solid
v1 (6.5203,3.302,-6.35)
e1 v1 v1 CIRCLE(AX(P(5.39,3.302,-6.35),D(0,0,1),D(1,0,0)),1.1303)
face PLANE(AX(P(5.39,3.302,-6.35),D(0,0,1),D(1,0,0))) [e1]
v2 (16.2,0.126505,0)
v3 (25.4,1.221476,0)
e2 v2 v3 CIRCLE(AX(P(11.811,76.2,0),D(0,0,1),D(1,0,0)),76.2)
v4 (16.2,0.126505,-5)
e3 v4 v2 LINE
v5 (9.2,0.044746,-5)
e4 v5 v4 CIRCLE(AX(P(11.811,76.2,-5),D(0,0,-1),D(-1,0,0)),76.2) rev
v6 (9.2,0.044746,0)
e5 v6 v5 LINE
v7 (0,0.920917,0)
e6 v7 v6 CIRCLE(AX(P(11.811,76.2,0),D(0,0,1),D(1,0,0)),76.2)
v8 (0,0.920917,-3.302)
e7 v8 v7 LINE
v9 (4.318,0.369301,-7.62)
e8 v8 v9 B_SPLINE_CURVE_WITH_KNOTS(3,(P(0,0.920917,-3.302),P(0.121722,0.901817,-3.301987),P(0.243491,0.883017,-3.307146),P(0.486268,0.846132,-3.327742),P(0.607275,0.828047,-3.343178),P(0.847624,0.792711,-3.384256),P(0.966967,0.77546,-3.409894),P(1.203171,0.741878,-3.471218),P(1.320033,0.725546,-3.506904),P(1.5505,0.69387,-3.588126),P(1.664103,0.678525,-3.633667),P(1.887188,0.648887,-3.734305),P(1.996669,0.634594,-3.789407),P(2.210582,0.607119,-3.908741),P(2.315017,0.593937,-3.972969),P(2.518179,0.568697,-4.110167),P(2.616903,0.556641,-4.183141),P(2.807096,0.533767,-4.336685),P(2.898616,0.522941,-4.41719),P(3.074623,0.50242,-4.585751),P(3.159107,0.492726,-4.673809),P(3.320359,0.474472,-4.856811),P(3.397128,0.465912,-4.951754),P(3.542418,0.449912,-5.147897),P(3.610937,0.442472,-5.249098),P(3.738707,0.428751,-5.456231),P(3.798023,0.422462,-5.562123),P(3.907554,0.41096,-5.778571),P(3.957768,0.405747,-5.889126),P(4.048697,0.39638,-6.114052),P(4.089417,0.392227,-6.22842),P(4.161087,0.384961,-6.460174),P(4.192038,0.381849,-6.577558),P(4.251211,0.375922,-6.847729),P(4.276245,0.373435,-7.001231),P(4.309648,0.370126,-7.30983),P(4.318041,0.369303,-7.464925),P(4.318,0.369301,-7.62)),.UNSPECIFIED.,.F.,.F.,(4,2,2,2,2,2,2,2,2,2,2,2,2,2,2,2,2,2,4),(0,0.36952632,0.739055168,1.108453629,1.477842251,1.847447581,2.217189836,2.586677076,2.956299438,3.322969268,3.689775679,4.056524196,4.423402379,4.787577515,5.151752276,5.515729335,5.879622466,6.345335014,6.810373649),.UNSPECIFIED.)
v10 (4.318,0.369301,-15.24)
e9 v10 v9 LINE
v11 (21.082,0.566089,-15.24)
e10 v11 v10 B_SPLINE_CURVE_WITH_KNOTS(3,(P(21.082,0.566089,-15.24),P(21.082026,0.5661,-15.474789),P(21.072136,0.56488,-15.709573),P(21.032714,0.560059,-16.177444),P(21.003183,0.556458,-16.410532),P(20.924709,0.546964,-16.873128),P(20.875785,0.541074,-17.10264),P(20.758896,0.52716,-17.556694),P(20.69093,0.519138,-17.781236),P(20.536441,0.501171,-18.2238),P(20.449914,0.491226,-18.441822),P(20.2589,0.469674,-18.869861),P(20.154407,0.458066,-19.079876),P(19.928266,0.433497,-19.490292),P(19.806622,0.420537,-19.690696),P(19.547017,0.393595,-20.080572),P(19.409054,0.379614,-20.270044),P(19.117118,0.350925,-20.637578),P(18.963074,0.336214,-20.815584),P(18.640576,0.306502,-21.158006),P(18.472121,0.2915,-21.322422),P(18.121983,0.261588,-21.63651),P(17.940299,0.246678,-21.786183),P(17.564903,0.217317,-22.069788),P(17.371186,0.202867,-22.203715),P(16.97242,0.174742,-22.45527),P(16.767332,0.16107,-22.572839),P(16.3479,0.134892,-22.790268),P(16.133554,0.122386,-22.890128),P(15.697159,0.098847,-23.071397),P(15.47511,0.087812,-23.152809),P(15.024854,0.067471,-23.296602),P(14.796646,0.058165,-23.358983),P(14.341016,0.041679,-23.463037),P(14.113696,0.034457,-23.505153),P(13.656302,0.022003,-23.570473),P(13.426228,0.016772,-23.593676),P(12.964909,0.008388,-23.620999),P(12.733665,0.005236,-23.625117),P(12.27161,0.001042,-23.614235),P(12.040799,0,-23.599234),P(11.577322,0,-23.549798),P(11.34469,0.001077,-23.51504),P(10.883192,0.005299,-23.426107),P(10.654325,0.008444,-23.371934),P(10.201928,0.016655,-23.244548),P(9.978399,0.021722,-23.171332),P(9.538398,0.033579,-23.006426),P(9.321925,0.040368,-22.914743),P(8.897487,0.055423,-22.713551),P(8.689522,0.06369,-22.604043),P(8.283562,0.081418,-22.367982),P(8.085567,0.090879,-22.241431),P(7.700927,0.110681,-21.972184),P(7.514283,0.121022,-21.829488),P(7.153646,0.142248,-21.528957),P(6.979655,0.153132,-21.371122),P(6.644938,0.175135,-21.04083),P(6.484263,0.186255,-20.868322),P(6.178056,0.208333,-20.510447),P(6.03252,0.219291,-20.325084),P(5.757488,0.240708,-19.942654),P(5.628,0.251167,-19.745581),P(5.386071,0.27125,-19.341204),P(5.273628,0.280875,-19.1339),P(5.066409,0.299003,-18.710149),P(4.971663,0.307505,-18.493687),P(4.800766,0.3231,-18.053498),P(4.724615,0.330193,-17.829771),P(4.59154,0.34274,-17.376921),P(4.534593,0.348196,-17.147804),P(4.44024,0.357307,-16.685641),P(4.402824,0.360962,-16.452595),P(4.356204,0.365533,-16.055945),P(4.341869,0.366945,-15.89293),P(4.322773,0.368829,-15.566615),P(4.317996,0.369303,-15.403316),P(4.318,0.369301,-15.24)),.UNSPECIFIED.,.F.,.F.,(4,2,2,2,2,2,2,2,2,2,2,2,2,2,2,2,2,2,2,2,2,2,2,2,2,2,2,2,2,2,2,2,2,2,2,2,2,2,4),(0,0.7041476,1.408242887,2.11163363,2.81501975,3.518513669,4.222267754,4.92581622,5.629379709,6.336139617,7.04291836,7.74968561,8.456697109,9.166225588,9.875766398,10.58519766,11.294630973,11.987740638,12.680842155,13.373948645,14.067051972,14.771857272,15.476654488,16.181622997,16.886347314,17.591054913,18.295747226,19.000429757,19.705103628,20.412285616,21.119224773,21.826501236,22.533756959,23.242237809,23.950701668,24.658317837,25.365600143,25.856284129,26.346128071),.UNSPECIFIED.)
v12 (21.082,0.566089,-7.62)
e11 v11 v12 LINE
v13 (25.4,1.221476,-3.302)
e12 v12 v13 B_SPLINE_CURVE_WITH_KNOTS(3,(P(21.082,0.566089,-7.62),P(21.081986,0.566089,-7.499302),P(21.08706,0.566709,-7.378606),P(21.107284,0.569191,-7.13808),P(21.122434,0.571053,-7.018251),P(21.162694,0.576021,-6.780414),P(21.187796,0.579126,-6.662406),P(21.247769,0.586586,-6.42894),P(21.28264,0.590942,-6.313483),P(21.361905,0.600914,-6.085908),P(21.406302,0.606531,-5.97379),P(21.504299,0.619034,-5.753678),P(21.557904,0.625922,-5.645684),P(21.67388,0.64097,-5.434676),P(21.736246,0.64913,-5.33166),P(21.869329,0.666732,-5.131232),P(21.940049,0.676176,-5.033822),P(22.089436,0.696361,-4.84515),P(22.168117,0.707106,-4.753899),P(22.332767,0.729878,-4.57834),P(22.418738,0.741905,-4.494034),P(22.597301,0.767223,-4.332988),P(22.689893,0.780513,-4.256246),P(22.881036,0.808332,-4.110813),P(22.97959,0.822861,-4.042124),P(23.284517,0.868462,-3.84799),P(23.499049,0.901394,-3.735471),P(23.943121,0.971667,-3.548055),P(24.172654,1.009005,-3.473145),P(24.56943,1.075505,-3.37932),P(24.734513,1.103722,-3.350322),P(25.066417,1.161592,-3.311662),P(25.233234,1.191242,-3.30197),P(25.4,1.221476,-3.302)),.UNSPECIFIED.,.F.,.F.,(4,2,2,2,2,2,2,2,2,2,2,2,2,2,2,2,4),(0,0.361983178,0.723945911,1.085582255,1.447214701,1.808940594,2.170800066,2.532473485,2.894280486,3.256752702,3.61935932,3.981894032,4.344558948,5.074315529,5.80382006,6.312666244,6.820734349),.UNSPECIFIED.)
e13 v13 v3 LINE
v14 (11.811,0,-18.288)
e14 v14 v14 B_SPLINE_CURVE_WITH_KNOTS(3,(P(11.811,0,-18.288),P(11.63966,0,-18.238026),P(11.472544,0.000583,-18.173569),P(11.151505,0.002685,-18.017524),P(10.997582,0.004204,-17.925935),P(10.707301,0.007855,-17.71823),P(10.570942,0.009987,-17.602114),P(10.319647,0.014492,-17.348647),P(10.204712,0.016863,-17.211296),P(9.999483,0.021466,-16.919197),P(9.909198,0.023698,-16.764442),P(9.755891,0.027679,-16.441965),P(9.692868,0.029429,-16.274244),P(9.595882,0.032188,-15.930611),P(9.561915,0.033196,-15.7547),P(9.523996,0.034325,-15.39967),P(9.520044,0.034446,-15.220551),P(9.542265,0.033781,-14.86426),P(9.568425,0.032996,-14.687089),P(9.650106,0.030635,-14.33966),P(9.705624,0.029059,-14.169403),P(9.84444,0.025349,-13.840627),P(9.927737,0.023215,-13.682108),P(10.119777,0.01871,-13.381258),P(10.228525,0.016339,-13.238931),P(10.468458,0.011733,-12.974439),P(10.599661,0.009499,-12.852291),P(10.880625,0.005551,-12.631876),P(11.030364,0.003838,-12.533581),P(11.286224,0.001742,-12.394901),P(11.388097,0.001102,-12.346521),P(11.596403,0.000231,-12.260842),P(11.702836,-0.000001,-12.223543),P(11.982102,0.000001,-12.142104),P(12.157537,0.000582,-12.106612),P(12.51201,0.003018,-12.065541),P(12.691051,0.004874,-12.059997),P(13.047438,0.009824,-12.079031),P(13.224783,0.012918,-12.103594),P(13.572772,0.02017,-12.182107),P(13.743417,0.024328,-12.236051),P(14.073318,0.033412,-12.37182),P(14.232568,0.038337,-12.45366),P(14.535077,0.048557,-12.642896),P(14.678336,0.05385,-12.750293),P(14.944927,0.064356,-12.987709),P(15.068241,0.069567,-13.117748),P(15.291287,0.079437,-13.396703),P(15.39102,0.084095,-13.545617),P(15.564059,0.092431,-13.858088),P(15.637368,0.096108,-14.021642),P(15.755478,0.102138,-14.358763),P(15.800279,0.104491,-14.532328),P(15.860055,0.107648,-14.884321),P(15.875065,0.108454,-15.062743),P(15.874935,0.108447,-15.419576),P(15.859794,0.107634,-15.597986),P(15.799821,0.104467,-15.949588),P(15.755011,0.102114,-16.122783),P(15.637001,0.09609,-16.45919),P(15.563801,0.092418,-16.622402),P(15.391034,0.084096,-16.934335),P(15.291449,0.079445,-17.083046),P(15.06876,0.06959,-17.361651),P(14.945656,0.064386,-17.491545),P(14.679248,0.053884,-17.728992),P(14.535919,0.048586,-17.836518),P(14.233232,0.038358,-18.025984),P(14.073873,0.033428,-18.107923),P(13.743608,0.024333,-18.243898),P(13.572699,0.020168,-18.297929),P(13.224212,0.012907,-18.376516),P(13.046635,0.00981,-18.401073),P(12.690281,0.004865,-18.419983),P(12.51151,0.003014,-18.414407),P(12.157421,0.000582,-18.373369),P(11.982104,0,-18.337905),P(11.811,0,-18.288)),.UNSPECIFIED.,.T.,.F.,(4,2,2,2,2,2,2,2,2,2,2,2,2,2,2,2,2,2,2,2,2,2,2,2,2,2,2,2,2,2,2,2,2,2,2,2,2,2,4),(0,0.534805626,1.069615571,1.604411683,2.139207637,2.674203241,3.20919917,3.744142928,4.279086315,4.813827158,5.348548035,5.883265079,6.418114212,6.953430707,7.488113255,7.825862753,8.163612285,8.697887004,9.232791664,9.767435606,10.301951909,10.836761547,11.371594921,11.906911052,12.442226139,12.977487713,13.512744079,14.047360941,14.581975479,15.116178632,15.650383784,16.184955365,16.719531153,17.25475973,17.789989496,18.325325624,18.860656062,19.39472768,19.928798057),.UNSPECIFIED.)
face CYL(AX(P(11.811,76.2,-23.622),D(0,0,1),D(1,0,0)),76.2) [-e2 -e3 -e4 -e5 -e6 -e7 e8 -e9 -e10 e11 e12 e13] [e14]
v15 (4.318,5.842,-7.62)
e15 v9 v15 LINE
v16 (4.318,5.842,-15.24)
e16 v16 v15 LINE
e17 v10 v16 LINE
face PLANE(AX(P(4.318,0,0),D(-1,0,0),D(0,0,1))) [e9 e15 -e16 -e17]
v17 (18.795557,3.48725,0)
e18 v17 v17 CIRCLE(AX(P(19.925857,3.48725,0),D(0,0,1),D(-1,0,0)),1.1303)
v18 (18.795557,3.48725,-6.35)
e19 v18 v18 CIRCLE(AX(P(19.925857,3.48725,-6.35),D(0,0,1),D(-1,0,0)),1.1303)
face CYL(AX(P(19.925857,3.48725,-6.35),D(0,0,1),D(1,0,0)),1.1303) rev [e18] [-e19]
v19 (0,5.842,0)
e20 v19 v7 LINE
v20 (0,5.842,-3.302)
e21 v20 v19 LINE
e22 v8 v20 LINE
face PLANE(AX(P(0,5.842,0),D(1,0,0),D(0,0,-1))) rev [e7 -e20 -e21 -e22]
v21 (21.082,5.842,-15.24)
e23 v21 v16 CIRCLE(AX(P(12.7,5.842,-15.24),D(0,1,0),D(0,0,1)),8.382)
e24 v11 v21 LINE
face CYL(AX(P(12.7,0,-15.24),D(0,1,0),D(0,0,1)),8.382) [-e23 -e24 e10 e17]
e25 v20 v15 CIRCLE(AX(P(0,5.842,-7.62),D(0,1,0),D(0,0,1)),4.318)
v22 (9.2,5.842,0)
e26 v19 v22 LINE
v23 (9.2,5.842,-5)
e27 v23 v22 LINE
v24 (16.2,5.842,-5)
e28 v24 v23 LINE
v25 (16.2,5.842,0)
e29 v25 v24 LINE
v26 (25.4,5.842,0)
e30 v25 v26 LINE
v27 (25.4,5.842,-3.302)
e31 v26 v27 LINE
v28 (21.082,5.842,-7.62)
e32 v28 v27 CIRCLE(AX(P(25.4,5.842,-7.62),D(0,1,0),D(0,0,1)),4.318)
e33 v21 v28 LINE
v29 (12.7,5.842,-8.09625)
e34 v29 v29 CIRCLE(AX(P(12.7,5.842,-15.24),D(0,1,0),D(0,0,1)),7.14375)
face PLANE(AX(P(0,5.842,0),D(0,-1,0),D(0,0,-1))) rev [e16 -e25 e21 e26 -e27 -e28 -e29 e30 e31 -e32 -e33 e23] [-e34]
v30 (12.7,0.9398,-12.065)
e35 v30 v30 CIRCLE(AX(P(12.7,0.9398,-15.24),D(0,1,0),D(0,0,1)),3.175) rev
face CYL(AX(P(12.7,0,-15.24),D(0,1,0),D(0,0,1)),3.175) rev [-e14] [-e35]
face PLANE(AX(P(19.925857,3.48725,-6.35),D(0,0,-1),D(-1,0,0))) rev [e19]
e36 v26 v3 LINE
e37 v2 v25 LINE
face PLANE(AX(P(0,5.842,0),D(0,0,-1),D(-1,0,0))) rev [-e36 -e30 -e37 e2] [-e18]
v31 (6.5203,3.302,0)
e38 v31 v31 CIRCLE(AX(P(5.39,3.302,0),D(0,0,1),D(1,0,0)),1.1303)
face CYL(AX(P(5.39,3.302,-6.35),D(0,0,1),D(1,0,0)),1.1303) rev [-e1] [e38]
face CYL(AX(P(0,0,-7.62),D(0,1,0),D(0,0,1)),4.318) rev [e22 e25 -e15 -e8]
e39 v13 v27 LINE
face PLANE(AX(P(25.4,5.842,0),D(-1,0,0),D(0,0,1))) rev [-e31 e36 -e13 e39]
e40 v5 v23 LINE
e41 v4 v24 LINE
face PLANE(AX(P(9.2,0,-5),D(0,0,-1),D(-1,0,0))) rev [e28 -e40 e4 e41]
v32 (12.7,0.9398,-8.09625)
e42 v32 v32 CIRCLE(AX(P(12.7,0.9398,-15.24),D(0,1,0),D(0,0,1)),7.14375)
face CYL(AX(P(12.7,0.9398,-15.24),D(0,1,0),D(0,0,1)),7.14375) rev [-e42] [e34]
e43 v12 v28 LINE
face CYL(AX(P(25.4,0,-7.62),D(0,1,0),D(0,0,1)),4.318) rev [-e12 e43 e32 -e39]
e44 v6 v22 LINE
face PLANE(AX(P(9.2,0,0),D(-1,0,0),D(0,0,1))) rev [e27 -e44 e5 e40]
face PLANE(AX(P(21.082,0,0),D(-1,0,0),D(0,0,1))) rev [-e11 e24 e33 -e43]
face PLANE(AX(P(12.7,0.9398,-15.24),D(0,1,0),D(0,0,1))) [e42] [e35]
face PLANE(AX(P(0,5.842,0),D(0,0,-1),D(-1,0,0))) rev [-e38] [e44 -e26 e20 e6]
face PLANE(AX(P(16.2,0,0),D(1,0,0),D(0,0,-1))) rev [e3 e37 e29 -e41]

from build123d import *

# Parameters (mm, degrees)
SKETCH1_W           = 25.4
SKETCH1_H           = 23.622
BOSS_EXTRUDE1_DEPTH = 5.842
SKETCH2_R           = 3.175
CUT_EXTRUDE1_DEPTH  = 36.175102672
SKETCH3_R           = 7.14375
CUT_EXTRUDE2_DEPTH  = 4.9022
CUT_EXTRUDE3_DEPTH  = 36.175102672
CUT_EXTRUDE4_DEPTH  = 36.175102672
SKETCH6_W           = 7
SKETCH6_H           = 5
CUT_EXTRUDE5_DEPTH  = 36.175102828
SKETCH8_R           = 1.1303
CUT_EXTRUDE6_DEPTH  = 6.35


with BuildPart() as part:
    # Sketch1 → Boss-Extrude1 (new body)
    with BuildSketch(Plane(origin=(0, 0, 0), x_dir=(1, 0, 0), z_dir=(0, 1, 0))):
        with Locations((12.7, 11.811)):
            Rectangle(SKETCH1_W, SKETCH1_H)
    extrude(amount=BOSS_EXTRUDE1_DEPTH)

    # Sketch2 → Cut-Extrude1 (cut, through all)
    with BuildSketch(Plane(origin=(0, 5.842, 0), x_dir=(1, 0, 0), z_dir=(0, 1, 0))):
        with Locations(Location((12.7, 15.24, 0), (0, 0, 270))):
            Circle(SKETCH2_R)
    extrude(amount=-CUT_EXTRUDE1_DEPTH, mode=Mode.SUBTRACT)

    # Sketch3 → Cut-Extrude2 (cut)
    with BuildSketch(Plane(origin=(0, 5.842, 0), x_dir=(1, 0, 0), z_dir=(0, 1, 0))):
        with Locations(Location((12.7, 15.24, 0), (0, 0, 270))):
            Circle(SKETCH3_R)
    extrude(amount=-CUT_EXTRUDE2_DEPTH, mode=Mode.SUBTRACT)

    # Sketch4 → Cut-Extrude3 (cut, through all)
    with BuildSketch(Plane(origin=(0, 5.842, 0), x_dir=(1, 0, 0), z_dir=(0, 1, 0))):
        with BuildLine():
            ThreePointArc((4.318, 15.24), (6.77303096, 21.16696904), (12.7, 23.622))
            Line((12.7, 23.622), (0, 23.622))
            Line((0, 23.622), (0, 3.302))
            ThreePointArc((0, 3.302), (3.053287081, 4.566712919), (4.318, 7.62))
            Line((4.318, 7.62), (4.318, 15.24))
        make_face()
        with BuildLine():
            ThreePointArc((12.7, 23.622), (18.62696904, 21.16696904), (21.082, 15.24))
            Line((21.082, 15.24), (21.082, 7.62))
            ThreePointArc((21.082, 7.62), (22.346712919, 4.566712919), (25.4, 3.302))
            Line((25.4, 3.302), (25.4, 23.622))
            Line((25.4, 23.622), (12.7, 23.622))
        make_face()
    extrude(amount=-CUT_EXTRUDE3_DEPTH, mode=Mode.SUBTRACT)

    # Sketch5 → Cut-Extrude4 (cut, through all)
    with BuildSketch(Plane.XY):
        with BuildLine():
            Line((0, 0.920917387), (0, 0))
            Line((0, 0), (11.811, 0))
            ThreePointArc((11.811, 0), (5.887575951, 0.230578207), (0, 0.920917387))
        make_face()
        with BuildLine():
            ThreePointArc((25.4, 1.221475881), (18.632893512, 0.305983313), (11.811, 0))
            Line((11.811, 0), (25.4, 0))
            Line((25.4, 0), (25.4, 1.221475881))
        make_face()
    extrude(amount=-CUT_EXTRUDE4_DEPTH, mode=Mode.SUBTRACT)

    # Sketch6 → Cut-Extrude5 (cut, through all)
    with BuildSketch(Plane(origin=(0, 5.842, 0), x_dir=(1, 0, 0), z_dir=(0, 1, 0))):
        with Locations((12.700000015, 2.5)):
            Rectangle(SKETCH6_W, SKETCH6_H)
    extrude(amount=-CUT_EXTRUDE5_DEPTH, mode=Mode.SUBTRACT)

    # Sketch8 → Cut-Extrude6 (cut)
    with BuildSketch(Plane.XY):
        with Locations((5.390000015, 3.302)):
            Circle(SKETCH8_R)
        with Locations(Location((19.925856856, 3.487249582, 0), (0, 0, 180))):
            Circle(SKETCH8_R)
    extrude(amount=-CUT_EXTRUDE6_DEPTH, mode=Mode.SUBTRACT)


solid = part.part
